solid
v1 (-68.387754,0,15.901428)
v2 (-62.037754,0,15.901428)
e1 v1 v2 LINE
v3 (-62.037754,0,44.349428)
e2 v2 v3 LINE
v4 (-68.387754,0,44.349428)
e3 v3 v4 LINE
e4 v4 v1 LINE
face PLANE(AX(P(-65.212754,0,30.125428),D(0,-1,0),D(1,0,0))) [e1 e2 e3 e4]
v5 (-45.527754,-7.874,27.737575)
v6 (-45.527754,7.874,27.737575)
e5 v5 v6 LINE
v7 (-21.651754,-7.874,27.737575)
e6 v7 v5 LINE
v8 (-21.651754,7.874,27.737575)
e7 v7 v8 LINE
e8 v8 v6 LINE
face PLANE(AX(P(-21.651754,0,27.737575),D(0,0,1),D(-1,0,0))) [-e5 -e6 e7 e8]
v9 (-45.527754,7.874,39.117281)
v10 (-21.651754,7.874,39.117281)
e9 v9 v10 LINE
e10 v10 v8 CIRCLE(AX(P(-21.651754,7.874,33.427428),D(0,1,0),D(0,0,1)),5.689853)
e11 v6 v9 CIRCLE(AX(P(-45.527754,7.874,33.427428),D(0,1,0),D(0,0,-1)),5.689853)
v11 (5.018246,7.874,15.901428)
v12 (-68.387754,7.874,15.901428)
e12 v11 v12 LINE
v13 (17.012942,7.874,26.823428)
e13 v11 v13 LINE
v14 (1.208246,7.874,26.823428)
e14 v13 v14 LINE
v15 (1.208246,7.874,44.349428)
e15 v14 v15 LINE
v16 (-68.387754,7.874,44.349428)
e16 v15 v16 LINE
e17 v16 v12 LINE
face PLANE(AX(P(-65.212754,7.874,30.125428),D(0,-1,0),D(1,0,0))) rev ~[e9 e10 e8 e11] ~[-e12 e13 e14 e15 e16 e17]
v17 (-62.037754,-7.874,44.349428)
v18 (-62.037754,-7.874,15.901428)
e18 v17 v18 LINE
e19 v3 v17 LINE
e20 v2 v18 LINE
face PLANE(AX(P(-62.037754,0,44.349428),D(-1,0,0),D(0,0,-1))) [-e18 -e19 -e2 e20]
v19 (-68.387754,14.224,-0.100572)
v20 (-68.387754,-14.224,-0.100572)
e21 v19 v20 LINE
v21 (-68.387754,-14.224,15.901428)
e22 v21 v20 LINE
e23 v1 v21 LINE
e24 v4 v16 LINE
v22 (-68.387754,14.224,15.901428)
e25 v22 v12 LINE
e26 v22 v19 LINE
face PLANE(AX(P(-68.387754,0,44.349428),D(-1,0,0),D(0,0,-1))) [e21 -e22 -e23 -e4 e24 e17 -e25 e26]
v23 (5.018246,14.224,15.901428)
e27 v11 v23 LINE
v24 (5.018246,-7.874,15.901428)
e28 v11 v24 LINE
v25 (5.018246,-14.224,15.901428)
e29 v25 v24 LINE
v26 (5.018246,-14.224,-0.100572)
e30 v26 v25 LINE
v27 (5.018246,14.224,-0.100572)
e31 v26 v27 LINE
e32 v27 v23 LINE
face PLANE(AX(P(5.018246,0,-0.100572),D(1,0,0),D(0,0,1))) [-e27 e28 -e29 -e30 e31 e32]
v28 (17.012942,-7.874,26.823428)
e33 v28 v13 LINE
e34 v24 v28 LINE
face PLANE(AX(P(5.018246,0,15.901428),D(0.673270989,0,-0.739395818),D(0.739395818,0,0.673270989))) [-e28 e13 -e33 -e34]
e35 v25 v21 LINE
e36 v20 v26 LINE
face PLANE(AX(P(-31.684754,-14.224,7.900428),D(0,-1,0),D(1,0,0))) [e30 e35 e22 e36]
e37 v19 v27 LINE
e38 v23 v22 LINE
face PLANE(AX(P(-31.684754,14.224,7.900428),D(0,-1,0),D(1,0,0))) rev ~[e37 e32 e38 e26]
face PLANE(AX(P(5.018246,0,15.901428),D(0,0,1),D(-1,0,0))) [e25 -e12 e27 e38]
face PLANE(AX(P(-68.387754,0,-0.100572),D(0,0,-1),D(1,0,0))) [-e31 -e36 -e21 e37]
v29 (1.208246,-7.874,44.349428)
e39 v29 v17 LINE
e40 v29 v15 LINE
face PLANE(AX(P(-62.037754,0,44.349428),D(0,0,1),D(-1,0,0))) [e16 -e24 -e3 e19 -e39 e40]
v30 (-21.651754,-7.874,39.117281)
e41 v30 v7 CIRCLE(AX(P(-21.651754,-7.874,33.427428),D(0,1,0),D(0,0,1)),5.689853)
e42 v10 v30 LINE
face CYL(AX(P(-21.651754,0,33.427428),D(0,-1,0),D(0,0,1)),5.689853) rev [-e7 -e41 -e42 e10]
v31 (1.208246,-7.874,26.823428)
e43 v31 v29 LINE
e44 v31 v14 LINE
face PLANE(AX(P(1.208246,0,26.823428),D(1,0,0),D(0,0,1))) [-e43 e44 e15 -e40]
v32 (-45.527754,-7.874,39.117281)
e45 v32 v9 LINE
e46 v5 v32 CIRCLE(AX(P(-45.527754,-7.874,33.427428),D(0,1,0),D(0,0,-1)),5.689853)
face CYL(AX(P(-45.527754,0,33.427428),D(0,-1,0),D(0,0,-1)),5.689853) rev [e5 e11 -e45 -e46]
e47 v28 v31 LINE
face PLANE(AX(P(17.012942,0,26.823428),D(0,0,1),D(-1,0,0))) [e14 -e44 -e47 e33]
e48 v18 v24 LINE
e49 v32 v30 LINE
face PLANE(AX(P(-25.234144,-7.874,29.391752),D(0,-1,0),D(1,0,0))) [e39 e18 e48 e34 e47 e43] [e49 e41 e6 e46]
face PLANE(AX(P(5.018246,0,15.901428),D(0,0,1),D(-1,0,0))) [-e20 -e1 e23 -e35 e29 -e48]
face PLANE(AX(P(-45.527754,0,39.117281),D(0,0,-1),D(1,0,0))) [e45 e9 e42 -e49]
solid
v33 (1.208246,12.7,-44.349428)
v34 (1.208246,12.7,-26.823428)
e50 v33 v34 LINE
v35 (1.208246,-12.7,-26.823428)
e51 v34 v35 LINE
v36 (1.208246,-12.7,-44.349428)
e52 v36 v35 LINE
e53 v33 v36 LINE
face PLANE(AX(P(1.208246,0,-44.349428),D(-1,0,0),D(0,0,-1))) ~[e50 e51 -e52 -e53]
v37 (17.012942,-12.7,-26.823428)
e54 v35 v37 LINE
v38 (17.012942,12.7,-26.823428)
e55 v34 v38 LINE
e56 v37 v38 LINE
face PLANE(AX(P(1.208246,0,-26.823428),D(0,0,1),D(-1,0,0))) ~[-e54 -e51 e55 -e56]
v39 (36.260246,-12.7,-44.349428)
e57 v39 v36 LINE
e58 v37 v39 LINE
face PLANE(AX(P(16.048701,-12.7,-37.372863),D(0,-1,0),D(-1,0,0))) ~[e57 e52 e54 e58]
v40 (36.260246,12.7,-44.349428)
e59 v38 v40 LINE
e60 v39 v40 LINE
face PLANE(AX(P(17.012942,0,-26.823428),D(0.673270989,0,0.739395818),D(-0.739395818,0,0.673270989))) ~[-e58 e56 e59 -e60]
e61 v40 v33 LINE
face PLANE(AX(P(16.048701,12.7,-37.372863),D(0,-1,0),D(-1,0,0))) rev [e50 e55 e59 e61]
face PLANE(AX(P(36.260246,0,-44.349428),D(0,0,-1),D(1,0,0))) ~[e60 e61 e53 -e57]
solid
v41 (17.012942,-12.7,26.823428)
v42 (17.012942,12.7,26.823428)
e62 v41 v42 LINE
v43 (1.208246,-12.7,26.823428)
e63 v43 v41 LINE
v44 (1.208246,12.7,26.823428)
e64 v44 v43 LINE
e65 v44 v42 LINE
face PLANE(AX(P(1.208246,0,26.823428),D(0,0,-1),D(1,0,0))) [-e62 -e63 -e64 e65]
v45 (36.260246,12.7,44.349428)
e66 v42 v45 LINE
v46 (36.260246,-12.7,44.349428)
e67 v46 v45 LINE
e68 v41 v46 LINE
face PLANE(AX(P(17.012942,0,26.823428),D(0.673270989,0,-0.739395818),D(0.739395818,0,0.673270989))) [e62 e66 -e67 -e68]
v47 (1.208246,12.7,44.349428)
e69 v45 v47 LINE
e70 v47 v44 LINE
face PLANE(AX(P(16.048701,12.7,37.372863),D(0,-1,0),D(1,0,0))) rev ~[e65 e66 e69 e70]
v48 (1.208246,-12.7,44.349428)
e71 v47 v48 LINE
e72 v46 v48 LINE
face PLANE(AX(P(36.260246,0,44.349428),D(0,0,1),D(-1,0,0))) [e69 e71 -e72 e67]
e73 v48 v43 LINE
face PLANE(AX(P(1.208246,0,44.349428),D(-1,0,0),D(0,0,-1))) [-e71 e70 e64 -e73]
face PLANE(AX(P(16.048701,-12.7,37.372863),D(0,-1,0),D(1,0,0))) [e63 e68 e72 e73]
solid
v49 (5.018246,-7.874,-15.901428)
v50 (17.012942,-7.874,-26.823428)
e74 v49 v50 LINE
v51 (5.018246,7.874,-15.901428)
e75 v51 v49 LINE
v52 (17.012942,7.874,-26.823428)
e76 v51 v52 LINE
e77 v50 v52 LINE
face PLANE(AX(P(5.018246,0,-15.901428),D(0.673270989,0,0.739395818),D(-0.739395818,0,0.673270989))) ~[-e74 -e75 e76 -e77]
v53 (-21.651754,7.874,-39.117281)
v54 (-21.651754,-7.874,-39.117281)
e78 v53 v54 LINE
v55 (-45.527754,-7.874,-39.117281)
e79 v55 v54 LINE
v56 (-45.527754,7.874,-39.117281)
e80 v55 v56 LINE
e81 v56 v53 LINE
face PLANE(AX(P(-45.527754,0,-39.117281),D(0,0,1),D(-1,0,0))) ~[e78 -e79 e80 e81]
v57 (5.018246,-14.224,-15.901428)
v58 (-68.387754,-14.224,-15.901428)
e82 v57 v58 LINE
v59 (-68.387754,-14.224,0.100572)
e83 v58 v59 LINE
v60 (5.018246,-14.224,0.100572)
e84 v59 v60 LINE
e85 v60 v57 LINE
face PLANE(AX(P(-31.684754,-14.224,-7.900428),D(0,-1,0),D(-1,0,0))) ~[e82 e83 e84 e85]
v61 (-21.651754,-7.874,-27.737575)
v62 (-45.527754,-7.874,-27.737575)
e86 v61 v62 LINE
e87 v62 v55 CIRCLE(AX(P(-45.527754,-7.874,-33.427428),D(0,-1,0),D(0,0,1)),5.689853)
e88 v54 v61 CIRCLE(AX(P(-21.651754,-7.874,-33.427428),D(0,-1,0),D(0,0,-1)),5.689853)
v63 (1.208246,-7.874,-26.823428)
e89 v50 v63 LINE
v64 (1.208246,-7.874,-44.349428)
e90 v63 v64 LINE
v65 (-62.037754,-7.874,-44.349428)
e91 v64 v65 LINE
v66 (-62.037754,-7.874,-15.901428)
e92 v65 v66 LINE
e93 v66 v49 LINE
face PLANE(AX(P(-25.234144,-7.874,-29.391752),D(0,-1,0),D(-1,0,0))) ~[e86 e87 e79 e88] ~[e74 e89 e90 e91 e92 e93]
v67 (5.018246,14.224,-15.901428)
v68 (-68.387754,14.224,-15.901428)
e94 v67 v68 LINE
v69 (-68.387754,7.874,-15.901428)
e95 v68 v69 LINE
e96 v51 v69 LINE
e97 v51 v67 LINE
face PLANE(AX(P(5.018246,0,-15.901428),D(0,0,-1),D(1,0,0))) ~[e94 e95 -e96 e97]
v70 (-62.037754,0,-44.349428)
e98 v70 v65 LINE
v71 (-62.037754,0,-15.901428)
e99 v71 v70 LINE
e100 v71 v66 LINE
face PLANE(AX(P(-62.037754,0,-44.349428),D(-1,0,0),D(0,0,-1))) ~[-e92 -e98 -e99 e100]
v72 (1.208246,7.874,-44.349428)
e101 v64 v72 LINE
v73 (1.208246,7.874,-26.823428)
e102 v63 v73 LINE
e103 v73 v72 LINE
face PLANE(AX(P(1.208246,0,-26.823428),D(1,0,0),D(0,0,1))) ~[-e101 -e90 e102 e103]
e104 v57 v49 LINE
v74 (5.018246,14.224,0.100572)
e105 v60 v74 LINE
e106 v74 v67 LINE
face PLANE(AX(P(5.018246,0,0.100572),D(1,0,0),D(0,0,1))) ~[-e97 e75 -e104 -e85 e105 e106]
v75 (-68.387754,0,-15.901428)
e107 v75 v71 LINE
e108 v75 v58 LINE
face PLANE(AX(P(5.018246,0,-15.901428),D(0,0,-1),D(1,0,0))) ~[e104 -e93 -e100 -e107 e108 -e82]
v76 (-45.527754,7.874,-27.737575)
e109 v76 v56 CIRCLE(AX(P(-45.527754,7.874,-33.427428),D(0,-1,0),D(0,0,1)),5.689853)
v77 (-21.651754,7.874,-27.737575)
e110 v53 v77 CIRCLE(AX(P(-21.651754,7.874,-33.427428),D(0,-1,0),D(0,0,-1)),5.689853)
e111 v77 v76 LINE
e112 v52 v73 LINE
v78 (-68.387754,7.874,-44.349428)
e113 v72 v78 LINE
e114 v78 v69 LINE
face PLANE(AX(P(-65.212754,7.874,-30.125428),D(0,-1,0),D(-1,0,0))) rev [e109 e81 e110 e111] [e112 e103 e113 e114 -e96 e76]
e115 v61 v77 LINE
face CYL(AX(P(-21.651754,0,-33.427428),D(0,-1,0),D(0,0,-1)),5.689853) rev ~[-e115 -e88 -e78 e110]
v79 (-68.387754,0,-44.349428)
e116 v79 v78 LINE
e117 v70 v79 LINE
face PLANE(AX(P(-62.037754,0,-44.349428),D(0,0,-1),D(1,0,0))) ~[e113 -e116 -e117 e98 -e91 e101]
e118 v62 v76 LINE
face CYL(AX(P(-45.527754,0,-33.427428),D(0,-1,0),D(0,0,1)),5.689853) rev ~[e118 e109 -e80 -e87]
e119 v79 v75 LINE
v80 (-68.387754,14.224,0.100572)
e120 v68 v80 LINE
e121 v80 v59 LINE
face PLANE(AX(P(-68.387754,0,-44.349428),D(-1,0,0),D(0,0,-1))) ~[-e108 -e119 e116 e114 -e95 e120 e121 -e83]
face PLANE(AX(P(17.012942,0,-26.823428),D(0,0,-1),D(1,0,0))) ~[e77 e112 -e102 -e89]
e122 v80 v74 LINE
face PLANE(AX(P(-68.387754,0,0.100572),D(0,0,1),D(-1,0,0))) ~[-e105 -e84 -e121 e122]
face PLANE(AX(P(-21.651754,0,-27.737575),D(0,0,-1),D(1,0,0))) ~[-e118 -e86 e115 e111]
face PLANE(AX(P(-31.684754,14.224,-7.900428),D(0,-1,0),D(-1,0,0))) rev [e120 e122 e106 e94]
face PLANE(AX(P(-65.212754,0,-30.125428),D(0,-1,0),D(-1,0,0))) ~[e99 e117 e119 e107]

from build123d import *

# Parameters (mm, degrees)
F1_DEPTH = 28.448
F2_DEPTH = 12.7
F3_DEPTH = 7.874
F4_DEPTH = 28.448
F5_DEPTH = 14.224
F6_DEPTH = 7.874


with BuildPart() as f1:
    # F0 (on Front) → F1 (new body)
    with BuildSketch(Plane.XZ):
        Polygon((5.0182457385, 15.9014282599), (-62.0377542615, 15.9014282599), (-68.3877542615, 15.9014282599), (-68.3877542615, -0.1005717401), (5.0182457385, -0.1005717401), align=None)
    extrude(amount=F1_DEPTH)

    # F4 (cut): a face of the model
    f4_faces = [f1.faces().sort_by_distance(p)[0] for p in [
        (-31.6847542615, -28.448, 7.9004282599),
    ]]
    extrude(f4_faces, amount=-F4_DEPTH, mode=Mode.SUBTRACT)


with BuildPart() as f2:
    # F0 (on Front) → F2 (new body, symmetric)
    with BuildSketch(Plane.XZ):
        Polygon((36.2602457385, 44.3494282599), (1.2082457385, 44.3494282599), (1.2082457385, 26.8234282599), (17.0129421671, 26.8234282599), align=None)
    extrude(amount=F2_DEPTH, both=True)


with BuildPart() as f3:
    # F0 (on Front) → F3 (new body, symmetric)
    with BuildSketch(Plane.XZ):
        Polygon((1.2082457385, 44.3494282599), (-62.0377542615, 44.3494282599), (-62.0377542615, 15.9014282599), (5.0182457385, 15.9014282599), (17.0129421671, 26.8234282599), (1.2082457385, 26.8234282599), align=None)
        with BuildLine():
            ThreePointArc((-21.6517542615, 39.1172810912), (-15.9619014302, 33.4274282599), (-21.6517542615, 27.7375754286))
            Line((-21.6517542615, 27.7375754286), (-45.5277542615, 27.7375754286))
            ThreePointArc((-45.5277542615, 27.7375754286), (-51.2176070928, 33.4274282599), (-45.5277542615, 39.1172810912))
            Line((-45.5277542615, 39.1172810912), (-21.6517542615, 39.1172810912))
        make_face(mode=Mode.SUBTRACT)
    extrude(amount=F3_DEPTH, both=True)

    # F0 (on Front) → F5 (join, symmetric)
    with BuildSketch(Plane.XZ):
        Polygon((5.0182457385, 15.9014282599), (-62.0377542615, 15.9014282599), (-68.3877542615, 15.9014282599), (-68.3877542615, -0.1005717401), (5.0182457385, -0.1005717401), align=None)
    extrude(amount=F5_DEPTH, both=True)

    # F0 (on Front) → F6 (join)
    with BuildSketch(Plane.XZ):
        Polygon((-62.0377542615, 44.3494282599), (-68.3877542615, 44.3494282599), (-68.3877542615, 33.4274282599), (-68.3877542615, 15.9014282599), (-62.0377542615, 15.9014282599), align=None)
    extrude(amount=-F6_DEPTH)


with BuildPart() as f7_1:
    # F7: instance of F2
    add(f2.part.mirror(Plane.XY))


with BuildPart() as f7_2:
    # F7: instance of F3
    add(f3.part.mirror(Plane.XY))


solid = Compound([f2.part, f3.part, f7_1.part, f7_2.part])
